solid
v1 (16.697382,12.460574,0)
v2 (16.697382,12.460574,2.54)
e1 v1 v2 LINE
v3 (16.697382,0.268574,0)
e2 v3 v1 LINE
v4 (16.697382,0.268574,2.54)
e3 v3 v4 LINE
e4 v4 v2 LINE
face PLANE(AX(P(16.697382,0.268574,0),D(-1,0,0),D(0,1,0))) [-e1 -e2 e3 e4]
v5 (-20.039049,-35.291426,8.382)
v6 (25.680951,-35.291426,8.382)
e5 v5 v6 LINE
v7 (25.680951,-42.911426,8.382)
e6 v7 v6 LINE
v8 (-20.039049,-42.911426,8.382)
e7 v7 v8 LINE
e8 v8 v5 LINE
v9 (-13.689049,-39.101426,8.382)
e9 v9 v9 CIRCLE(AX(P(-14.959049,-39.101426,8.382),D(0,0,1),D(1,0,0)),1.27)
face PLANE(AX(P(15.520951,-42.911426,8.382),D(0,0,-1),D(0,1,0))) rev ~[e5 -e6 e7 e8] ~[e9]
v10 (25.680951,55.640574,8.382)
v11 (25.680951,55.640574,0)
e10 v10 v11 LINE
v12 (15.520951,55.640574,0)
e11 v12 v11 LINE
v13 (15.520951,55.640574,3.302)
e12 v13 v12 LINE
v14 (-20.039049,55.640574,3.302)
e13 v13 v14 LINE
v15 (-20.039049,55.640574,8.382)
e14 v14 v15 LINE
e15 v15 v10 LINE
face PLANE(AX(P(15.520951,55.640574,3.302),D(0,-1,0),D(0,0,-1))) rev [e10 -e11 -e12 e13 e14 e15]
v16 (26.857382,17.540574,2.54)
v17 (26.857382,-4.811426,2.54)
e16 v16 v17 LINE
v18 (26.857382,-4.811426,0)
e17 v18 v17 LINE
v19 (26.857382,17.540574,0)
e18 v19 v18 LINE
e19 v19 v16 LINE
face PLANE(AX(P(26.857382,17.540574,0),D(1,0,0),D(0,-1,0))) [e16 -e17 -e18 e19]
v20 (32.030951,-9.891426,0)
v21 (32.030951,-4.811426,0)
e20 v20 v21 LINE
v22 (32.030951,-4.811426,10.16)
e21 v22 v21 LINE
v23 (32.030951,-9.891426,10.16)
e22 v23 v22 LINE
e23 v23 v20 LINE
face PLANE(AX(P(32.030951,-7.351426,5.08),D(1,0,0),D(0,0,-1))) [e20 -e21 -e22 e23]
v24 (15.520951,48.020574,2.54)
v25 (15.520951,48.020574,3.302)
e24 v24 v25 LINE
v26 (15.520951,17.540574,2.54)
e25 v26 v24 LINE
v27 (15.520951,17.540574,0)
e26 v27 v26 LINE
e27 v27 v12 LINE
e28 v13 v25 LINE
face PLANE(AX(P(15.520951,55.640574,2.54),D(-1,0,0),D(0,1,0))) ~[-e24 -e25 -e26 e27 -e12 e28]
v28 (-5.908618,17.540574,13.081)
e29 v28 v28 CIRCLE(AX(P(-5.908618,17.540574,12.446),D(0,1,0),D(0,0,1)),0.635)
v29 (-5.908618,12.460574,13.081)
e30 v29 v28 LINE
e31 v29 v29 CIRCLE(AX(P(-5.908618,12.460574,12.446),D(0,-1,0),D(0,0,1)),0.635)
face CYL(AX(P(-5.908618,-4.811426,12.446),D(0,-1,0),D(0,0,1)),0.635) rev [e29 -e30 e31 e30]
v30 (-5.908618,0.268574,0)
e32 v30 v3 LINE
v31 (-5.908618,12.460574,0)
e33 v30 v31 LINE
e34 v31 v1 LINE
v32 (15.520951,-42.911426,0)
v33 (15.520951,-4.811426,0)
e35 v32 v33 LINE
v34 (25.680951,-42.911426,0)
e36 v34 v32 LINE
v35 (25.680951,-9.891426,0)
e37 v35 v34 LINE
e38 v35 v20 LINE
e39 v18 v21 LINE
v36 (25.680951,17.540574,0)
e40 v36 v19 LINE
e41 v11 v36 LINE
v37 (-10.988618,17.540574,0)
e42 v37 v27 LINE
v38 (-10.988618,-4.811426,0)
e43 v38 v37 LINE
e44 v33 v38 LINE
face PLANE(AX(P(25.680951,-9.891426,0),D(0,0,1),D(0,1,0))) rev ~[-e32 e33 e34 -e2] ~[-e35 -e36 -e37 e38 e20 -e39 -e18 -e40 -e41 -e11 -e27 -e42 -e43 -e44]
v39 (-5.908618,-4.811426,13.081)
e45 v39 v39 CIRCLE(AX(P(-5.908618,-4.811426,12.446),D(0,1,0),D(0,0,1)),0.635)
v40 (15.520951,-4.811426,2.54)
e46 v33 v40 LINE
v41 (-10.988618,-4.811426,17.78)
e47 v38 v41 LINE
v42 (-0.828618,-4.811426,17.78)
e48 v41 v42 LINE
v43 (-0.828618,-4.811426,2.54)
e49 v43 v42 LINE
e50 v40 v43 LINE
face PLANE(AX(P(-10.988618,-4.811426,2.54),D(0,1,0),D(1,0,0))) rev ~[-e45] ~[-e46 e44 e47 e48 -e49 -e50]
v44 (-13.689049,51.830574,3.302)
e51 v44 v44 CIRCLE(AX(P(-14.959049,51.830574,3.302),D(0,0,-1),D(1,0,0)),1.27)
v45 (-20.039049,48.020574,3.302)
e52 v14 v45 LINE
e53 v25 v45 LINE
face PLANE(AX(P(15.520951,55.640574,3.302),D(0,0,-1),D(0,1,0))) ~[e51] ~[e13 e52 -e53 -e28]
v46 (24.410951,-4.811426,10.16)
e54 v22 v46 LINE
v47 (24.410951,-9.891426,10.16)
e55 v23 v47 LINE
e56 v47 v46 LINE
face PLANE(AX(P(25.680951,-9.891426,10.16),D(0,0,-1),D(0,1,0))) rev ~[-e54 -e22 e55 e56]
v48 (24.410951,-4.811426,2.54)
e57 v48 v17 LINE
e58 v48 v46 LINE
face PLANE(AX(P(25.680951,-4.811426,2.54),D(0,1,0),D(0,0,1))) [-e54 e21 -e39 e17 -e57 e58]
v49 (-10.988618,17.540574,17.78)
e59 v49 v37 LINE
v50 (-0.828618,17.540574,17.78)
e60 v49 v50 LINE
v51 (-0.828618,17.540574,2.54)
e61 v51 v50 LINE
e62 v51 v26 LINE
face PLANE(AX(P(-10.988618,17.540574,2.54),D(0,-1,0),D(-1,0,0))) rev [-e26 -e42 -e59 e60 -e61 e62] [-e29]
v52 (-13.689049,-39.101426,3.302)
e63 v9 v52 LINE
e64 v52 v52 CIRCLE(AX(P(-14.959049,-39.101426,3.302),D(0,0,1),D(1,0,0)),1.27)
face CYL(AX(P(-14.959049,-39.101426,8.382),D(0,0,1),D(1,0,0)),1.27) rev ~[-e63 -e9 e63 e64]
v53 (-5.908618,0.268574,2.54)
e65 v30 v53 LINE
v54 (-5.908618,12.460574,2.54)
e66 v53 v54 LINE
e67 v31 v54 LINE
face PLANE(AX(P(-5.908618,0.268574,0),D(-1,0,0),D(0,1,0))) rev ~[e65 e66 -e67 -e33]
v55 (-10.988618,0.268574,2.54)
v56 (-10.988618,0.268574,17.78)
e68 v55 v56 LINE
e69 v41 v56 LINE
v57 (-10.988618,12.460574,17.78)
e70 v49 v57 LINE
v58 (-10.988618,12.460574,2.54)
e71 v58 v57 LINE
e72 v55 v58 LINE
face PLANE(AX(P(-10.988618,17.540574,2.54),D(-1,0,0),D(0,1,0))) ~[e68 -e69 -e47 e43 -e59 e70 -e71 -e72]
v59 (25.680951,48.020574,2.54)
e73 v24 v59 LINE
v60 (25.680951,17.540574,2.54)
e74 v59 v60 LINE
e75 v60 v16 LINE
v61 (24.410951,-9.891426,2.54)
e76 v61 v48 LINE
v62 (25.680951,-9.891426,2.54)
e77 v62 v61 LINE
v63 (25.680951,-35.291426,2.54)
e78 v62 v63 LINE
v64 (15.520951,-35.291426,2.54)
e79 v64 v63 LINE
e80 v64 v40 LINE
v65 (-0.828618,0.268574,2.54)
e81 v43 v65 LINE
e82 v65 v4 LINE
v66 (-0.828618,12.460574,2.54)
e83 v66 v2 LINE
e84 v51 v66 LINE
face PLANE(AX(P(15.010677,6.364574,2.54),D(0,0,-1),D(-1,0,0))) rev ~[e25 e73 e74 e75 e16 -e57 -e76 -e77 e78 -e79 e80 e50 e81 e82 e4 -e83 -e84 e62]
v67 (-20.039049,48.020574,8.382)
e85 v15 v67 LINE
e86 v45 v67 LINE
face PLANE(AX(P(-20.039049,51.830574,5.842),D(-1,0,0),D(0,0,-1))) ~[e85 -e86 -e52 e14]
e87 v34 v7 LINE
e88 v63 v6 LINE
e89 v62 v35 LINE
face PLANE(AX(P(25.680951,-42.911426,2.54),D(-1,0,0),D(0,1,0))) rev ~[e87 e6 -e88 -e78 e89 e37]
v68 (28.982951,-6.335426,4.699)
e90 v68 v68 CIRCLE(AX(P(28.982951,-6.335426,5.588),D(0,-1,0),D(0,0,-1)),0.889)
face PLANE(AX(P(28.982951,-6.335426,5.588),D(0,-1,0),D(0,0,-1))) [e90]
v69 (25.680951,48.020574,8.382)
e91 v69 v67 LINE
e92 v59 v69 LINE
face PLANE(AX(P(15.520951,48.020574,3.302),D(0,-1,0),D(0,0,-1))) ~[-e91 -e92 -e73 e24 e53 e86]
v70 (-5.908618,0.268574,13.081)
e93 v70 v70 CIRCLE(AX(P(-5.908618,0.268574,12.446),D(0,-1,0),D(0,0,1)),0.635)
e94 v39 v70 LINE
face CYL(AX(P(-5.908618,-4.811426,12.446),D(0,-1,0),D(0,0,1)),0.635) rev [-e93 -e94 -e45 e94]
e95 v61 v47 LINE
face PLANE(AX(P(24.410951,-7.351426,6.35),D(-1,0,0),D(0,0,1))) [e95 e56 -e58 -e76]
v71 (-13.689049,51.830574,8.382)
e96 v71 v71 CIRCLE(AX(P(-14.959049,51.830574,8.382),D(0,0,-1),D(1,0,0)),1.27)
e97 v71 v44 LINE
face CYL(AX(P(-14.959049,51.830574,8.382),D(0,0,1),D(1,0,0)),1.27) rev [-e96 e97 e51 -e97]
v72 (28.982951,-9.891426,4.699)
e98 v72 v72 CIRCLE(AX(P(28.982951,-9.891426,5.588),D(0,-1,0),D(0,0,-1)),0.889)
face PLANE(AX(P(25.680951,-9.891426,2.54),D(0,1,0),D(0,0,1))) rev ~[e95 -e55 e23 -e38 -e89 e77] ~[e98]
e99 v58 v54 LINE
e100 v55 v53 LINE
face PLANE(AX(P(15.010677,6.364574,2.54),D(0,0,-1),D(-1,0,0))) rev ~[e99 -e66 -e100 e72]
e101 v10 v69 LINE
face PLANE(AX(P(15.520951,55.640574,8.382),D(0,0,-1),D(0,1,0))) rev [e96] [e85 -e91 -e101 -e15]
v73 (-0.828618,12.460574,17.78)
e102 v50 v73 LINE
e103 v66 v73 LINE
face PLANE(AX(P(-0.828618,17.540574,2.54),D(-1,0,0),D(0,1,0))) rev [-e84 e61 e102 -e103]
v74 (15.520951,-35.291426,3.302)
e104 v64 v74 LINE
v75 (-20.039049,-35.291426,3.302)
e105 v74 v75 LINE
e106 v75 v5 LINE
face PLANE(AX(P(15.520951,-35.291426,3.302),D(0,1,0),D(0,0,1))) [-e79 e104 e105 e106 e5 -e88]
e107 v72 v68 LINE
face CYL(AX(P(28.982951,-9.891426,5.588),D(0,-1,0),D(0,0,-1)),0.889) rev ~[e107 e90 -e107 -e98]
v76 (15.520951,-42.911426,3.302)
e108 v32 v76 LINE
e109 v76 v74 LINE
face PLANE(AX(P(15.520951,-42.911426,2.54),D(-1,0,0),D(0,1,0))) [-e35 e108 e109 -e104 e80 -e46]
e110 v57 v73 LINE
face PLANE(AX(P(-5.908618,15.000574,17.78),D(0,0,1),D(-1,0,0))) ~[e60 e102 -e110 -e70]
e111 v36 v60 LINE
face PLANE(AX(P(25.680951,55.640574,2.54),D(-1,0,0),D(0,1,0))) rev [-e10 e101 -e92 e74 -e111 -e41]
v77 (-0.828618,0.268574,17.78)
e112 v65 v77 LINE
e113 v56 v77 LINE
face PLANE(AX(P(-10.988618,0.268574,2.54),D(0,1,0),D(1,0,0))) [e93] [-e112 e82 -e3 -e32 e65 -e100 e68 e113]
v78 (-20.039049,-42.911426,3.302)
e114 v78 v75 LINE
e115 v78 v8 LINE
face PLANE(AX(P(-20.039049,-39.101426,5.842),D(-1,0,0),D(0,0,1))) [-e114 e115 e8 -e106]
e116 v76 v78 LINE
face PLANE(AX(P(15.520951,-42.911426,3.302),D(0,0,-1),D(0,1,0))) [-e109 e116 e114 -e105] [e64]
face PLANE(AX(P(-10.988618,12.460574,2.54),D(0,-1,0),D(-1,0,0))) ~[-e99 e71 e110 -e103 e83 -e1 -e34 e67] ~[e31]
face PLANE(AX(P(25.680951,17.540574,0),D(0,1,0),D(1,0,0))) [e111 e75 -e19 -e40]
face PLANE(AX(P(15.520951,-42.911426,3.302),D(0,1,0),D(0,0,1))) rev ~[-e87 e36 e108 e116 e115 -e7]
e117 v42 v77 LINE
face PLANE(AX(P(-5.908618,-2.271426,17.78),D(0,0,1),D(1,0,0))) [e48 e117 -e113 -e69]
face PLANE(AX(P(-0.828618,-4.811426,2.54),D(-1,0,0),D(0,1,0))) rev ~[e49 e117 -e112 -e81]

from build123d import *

# Parameters (mm, degrees)
SKETCH2_W           = 22.606
SKETCH2_H           = 12.192
BOSS_EXTRUDE2_DEPTH = 2.54
SKETCH3_W           = 10.16
SKETCH3_H           = 5.08
BOSS_EXTRUDE3_DEPTH = 15.24
SKETCH5_W           = 10.16
SKETCH5_H           = 7.62
BOSS_EXTRUDE4_DEPTH = 5.842
SKETCH6_W           = 5.08
SKETCH6_H           = 7.62
BOSS_EXTRUDE5_DEPTH = 35.56
SKETCH8_R           = 1.27
CUT_EXTRUDE2_DEPTH  = 5.08
CUT_EXTRUDE4_START  = -22.352
SKETCH4_R           = 0.635
CUT_EXTRUDE4_DEPTH  = 22.352
SKETCH16_W          = 10.16
SKETCH16_H          = 5.08
BOSS_EXTRUDE8_DEPTH = 6.35
SKETCH20_R          = 0.889
CUT_EXTRUDE7_DEPTH  = 3.556
SKETCH21_W          = 7.62
SKETCH21_H          = 5.08
BOSS_EXTRUDE9_DEPTH = 1.27


with BuildPart() as part:
    # Sketch2 → Boss-Extrude2 (new body)
    with BuildSketch(Plane.XY):
        Polygon((26.857381616, 17.540573563), (26.857381616, -4.811426437), (25.680950898, -4.811426437), (25.680950898, -42.911426437), (15.520950898, -42.911426437), (15.520950898, -4.811426437), (-10.988618384, -4.811426437), (-10.988618384, 17.540573563), (15.520950898, 17.540573563), (15.520950898, 55.640573563), (25.680950898, 55.640573563), (25.680950898, 17.540573563), align=None)
        with Locations((5.394381616, 6.364573563)):
            Rectangle(SKETCH2_W, SKETCH2_H, mode=Mode.SUBTRACT)
    extrude(amount=BOSS_EXTRUDE2_DEPTH)

    # Sketch3 → Boss-Extrude3 (add)
    with BuildSketch(Plane.XY.offset(2.54)):
        with Locations((-5.908618384, -2.271426437)):
            Rectangle(SKETCH3_W, SKETCH3_H)
    boss_extrude3 = extrude(amount=BOSS_EXTRUDE3_DEPTH)

    # Sketch5 → Boss-Extrude4 (add)
    with BuildSketch(Plane.XY.offset(2.54)):
        with Locations((20.600950898, -39.101426437)):
            Rectangle(SKETCH5_W, SKETCH5_H)
    boss_extrude4 = extrude(amount=BOSS_EXTRUDE4_DEPTH)

    # Sketch6 → Boss-Extrude5 (add)
    with BuildSketch(Plane.ZY.offset(-15.520950898)):
        with Locations((5.842, -39.101426437)):
            Rectangle(SKETCH6_W, SKETCH6_H)
    boss_extrude5 = extrude(amount=BOSS_EXTRUDE5_DEPTH)

    # Sketch8 → Cut-Extrude2 (cut)
    with BuildSketch(Plane.XY.offset(8.382)):
        with Locations((-14.959049102, -39.101426437)):
            Circle(SKETCH8_R)
    cut_extrude2 = extrude(amount=-CUT_EXTRUDE2_DEPTH, mode=Mode.SUBTRACT)

    # Mirror6: Boss-Extrude3, Boss-Extrude4, Boss-Extrude5, Cut-Extrude2 across plane
    add(boss_extrude3.mirror(Plane.ZX.offset(6.364573563)))
    add(boss_extrude4.mirror(Plane.ZX.offset(6.364573563)))
    add(boss_extrude5.mirror(Plane.ZX.offset(6.364573563)))
    add(cut_extrude2.mirror(Plane.ZX.offset(6.364573563)), mode=Mode.SUBTRACT)

    # Sketch4 → Cut-Extrude4 (cut)
    with BuildSketch(Plane(origin=(0, 17.540573563, 0), x_dir=(1, 0, 0), z_dir=(0, 1, 0)).offset(CUT_EXTRUDE4_START)):
        with Locations(Location((-5.908618384, -12.446, 0), (0, 0, 270))):
            Circle(SKETCH4_R)
    extrude(amount=CUT_EXTRUDE4_DEPTH, mode=Mode.SUBTRACT)

    # Sketch16 → Boss-Extrude8 (add)
    with BuildSketch(Plane(origin=(25.680950898, 0, 0), x_dir=(0, 0, -1), z_dir=(1, 0, 0))):
        with Locations((-5.08, -7.351426437)):
            Rectangle(SKETCH16_W, SKETCH16_H)
    extrude(amount=BOSS_EXTRUDE8_DEPTH)

    # Sketch20 → Cut-Extrude7 (cut)
    with BuildSketch(Plane(origin=(0, -9.891426437, 0), x_dir=(-1, 0, 0), z_dir=(0, -1, 0))):
        with Locations(Location((-28.982950898, -5.588, 0), (0, 0, 90))):
            Circle(SKETCH20_R)
    extrude(amount=-CUT_EXTRUDE7_DEPTH, mode=Mode.SUBTRACT)

    # Sketch21 → Boss-Extrude9 (add)
    with BuildSketch(Plane.ZY.offset(-25.680950898)):
        with Locations((6.35, -7.351426437)):
            Rectangle(SKETCH21_W, SKETCH21_H)
    extrude(amount=BOSS_EXTRUDE9_DEPTH)


solid = part.part
